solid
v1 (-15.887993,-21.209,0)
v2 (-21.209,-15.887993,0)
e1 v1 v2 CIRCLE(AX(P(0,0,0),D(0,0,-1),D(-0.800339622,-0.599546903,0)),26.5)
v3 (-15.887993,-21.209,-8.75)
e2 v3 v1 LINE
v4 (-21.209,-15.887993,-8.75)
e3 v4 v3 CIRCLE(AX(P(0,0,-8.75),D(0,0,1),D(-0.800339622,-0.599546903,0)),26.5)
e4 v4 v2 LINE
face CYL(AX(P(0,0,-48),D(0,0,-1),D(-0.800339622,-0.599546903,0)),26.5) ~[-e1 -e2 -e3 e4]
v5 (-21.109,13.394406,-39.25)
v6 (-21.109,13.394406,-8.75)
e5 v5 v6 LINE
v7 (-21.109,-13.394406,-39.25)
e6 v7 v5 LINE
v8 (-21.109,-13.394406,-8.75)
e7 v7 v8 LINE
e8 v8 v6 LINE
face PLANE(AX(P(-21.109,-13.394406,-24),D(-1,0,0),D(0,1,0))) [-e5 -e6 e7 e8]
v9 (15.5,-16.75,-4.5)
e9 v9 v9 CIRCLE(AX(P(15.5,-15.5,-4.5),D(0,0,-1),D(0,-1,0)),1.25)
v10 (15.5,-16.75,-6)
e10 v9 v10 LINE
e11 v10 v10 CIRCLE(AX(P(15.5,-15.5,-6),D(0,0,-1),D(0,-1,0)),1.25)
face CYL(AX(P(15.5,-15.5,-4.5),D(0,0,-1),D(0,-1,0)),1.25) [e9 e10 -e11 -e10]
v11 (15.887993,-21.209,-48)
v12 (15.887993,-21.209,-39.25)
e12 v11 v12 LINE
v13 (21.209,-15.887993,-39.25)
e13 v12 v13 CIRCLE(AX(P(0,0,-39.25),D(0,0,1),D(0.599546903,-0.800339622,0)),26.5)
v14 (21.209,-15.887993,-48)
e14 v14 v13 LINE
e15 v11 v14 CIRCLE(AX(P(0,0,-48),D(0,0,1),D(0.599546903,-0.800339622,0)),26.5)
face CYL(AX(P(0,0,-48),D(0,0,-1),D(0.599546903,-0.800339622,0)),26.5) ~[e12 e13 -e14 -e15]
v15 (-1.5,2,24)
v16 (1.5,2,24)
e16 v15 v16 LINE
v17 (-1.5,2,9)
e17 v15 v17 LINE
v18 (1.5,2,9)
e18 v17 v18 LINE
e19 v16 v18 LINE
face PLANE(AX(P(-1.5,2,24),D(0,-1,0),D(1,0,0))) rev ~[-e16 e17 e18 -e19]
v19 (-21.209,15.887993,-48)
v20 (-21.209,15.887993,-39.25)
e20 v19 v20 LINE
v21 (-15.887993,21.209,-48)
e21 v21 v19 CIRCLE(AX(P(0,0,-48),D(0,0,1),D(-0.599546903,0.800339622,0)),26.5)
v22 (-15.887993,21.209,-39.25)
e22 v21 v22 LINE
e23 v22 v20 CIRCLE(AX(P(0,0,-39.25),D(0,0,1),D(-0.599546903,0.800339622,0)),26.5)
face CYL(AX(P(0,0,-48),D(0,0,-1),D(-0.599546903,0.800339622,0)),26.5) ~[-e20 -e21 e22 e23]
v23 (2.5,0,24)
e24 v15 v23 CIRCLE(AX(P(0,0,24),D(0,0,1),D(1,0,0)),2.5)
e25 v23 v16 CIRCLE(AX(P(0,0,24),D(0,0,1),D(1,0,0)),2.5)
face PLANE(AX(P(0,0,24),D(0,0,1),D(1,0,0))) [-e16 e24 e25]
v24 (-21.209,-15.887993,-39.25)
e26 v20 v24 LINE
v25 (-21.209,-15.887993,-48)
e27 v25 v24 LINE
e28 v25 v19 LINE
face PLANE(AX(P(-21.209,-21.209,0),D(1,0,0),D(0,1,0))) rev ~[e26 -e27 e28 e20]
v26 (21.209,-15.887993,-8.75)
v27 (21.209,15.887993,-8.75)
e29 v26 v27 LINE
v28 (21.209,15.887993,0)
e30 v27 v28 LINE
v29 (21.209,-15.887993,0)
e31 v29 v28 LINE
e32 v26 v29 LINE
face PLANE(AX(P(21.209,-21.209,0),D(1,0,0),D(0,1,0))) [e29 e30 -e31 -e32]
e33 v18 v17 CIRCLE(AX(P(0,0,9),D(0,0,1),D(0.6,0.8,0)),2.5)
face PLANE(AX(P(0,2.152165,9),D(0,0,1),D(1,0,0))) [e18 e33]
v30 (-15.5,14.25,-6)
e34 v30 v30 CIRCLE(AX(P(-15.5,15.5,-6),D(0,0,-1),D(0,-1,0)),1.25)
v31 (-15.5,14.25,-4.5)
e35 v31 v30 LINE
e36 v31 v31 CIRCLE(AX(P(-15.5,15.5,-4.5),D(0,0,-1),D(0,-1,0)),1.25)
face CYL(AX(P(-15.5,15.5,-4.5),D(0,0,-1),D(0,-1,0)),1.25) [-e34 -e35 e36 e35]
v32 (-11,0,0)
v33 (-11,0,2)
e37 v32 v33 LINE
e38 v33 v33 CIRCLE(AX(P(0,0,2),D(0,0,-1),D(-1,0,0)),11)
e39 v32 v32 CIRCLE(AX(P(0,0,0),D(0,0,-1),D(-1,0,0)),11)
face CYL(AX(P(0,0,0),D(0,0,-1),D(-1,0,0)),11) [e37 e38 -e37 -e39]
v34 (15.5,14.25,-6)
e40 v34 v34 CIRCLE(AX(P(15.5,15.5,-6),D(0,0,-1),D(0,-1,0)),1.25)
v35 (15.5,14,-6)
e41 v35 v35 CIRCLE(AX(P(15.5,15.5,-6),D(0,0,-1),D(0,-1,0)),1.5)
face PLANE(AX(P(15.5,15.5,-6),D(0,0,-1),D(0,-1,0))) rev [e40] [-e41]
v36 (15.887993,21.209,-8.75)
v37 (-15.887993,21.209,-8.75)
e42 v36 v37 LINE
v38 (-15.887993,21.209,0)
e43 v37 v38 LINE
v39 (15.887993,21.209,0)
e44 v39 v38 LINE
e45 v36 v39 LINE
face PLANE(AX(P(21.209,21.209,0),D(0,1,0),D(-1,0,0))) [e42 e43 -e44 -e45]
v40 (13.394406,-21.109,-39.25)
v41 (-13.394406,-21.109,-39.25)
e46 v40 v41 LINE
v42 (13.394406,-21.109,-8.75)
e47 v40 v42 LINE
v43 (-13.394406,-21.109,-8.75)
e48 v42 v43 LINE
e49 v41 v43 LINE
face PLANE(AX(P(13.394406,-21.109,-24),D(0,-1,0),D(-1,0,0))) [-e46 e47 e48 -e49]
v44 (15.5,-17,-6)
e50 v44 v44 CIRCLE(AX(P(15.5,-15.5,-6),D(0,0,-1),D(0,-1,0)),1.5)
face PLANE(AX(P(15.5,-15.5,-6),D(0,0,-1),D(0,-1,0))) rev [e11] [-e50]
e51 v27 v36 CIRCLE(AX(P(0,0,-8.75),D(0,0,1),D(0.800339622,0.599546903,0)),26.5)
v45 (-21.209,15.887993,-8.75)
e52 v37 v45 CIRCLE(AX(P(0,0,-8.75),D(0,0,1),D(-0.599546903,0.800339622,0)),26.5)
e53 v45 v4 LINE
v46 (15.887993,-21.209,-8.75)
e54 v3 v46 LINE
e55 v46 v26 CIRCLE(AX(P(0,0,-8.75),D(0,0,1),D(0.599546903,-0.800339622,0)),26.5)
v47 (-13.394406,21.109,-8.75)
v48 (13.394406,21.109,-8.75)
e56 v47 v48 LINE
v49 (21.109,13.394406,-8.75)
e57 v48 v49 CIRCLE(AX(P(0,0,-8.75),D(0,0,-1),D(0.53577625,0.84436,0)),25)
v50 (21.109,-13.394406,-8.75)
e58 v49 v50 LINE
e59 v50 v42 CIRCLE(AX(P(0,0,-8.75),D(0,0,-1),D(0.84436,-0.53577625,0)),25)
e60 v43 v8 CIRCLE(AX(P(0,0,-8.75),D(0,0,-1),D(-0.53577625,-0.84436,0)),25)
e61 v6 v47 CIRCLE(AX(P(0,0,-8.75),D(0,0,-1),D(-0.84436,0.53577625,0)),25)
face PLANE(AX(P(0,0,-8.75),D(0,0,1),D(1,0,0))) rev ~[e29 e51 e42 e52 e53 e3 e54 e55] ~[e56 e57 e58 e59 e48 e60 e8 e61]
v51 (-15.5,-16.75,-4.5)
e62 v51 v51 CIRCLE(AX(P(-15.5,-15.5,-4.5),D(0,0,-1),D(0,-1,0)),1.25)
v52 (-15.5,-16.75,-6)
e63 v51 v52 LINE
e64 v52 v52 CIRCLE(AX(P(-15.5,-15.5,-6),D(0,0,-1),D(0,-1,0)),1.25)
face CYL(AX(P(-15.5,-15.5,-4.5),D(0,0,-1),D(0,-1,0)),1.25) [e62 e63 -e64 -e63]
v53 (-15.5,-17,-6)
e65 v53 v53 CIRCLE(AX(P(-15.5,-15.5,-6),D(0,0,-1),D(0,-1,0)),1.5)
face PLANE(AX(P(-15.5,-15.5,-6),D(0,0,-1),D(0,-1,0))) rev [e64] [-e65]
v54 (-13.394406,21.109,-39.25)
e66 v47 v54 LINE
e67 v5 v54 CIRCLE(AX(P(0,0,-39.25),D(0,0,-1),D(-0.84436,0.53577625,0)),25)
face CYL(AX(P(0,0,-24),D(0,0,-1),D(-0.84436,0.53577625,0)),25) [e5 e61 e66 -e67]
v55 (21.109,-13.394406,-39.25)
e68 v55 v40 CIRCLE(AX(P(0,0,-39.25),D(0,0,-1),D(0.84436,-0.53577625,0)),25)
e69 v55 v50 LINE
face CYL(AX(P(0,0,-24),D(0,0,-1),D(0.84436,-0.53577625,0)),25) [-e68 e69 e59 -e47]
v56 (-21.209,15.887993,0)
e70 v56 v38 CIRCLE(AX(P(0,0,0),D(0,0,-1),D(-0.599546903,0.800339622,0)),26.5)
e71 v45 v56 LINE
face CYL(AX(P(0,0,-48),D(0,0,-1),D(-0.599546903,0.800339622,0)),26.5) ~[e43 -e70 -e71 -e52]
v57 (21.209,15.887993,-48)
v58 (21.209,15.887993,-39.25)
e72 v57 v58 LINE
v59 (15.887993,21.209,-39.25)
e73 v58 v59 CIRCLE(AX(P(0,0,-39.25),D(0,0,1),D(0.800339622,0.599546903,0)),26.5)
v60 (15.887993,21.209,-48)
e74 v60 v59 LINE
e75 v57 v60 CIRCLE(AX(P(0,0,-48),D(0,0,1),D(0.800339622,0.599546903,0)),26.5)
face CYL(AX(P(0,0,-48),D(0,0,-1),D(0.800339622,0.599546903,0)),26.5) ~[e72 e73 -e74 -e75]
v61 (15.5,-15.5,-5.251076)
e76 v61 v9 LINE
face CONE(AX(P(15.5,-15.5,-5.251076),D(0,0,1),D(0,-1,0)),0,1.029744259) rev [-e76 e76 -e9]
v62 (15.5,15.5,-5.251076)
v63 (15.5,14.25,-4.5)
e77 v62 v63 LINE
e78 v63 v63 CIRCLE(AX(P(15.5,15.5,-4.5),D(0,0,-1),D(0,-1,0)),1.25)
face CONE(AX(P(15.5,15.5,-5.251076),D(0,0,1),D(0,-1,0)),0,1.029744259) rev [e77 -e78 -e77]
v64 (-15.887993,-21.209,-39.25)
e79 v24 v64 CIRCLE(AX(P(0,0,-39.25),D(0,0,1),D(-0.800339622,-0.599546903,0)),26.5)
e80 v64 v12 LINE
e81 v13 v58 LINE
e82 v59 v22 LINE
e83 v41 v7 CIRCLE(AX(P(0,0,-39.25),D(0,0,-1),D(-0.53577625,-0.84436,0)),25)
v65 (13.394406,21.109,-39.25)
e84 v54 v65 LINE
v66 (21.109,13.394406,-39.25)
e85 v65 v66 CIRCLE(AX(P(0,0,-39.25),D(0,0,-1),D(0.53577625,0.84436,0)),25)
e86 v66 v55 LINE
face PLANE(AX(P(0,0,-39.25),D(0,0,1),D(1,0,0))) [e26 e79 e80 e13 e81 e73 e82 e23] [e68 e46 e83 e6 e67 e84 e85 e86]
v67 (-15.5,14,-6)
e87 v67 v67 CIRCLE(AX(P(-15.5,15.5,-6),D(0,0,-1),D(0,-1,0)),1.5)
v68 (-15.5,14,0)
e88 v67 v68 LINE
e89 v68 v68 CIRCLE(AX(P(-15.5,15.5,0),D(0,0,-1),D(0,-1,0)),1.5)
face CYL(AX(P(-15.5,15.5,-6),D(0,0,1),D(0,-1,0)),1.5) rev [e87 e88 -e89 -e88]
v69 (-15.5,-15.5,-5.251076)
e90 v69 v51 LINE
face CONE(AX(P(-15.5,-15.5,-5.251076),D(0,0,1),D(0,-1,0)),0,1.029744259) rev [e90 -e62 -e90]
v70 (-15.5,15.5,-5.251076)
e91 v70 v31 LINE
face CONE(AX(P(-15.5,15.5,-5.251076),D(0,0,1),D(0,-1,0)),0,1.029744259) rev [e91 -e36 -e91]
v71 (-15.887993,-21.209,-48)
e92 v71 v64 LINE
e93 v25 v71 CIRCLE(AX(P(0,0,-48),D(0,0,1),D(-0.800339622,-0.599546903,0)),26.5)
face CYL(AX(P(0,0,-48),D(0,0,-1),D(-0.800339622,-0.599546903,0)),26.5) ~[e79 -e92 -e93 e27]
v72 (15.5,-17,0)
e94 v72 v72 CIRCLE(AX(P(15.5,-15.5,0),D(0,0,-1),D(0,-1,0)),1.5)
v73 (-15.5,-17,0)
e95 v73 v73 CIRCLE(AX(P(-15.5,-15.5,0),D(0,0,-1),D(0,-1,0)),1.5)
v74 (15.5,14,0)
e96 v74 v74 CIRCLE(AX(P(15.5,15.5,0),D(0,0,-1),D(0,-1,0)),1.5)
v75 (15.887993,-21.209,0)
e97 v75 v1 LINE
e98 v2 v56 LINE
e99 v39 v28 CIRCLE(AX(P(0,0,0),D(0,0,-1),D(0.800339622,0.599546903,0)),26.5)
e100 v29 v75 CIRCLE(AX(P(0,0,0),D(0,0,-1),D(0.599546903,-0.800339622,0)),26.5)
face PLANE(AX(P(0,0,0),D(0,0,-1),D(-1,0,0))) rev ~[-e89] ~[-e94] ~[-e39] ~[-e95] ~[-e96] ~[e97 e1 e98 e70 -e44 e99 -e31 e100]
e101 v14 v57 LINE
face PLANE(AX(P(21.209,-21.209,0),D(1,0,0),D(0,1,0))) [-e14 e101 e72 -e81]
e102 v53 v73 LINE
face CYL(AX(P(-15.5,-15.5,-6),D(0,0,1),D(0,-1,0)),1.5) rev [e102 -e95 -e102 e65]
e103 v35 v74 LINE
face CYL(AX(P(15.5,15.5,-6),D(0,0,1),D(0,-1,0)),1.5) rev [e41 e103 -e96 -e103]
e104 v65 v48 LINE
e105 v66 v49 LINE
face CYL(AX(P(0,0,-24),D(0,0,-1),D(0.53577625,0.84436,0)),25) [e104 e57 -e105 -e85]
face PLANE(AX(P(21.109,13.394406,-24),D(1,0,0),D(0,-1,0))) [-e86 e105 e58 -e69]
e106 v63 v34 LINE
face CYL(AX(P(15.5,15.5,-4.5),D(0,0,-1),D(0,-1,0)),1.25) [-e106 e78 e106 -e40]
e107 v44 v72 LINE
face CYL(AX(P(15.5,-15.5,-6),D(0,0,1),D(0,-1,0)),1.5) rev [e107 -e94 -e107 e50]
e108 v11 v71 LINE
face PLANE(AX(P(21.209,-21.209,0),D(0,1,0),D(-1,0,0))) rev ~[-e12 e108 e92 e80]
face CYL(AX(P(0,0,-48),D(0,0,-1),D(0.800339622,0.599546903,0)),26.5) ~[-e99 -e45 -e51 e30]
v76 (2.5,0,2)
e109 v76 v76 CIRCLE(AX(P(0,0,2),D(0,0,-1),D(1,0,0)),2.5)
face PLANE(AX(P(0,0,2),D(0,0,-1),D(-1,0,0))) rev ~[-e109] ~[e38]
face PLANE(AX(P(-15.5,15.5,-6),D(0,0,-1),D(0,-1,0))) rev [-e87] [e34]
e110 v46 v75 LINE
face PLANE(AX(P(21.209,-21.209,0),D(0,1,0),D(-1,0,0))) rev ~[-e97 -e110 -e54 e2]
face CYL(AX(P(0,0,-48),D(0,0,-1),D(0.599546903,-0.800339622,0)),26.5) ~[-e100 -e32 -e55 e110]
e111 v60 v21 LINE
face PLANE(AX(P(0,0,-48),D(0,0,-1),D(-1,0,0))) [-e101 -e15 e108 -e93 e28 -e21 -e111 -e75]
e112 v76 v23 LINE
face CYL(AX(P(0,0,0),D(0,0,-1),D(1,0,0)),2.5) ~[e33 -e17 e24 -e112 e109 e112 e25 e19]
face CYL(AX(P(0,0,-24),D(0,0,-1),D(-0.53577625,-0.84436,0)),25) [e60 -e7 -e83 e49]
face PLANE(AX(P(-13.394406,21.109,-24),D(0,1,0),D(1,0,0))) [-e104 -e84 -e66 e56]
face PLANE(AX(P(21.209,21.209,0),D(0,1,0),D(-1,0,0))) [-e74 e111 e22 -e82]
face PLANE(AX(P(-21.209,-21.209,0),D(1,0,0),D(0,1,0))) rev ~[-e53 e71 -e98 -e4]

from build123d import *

# Parameters (mm, degrees)
SKETCH1_R                      = 2.5
BOSS_EXTRUDE1_DEPTH            = 24
SKETCH2_R                      = 11
BOSS_EXTRUDE2_DEPTH            = 2
SKETCH3_W                      = 42.418
SKETCH3_H                      = 42.418
BOSS_EXTRUDE3_DEPTH            = 48
CUT_EXTRUDE1_DEPTH             = 73
M3X0_5_TAPPED_HOLE1_AT_2_COUNT = 2
M3X0_5_TAPPED_HOLE1_AT_2_PITCH = 31
M3X0_5_TAPPED_HOLE1_AT_3_COUNT = 2
M3X0_5_TAPPED_HOLE1_AT_3_PITCH = 43.840620434
M3X0_5_TAPPED_HOLE1_AT_4_COUNT = 2
M3X0_5_TAPPED_HOLE1_AT_4_PITCH = 31
CUT_EXTRUDE2_DEPTH             = 15
CUT_EXTRUDE3_DEPTH             = 15.25
CUT_EXTRUDE3_DEPTH_BACK        = 15.25


with BuildPart() as part:
    # Sketch1 → Boss-Extrude1 (new body)
    with BuildSketch(Plane.XY):
        Circle(SKETCH1_R)
    extrude(amount=BOSS_EXTRUDE1_DEPTH)

    # Sketch2 → Boss-Extrude2 (add)
    with BuildSketch(Plane(origin=(0, 0, 0), x_dir=(-1, 0, 0), z_dir=(0, 0, -1))):
        Circle(SKETCH2_R)
    extrude(amount=-BOSS_EXTRUDE2_DEPTH)

    # Sketch3 → Boss-Extrude3 (add)
    with BuildSketch(Plane(origin=(0, 0, 0), x_dir=(-1, 0, 0), z_dir=(0, 0, -1))):
        Rectangle(SKETCH3_W, SKETCH3_H)
    extrude(amount=BOSS_EXTRUDE3_DEPTH)

    # Sketch4 → Cut-Extrude1 (cut, through all)
    with BuildSketch(Plane(origin=(0, 0, -48), x_dir=(-1, 0, 0), z_dir=(0, 0, -1))):
        with BuildLine():
            Line((-21.209, -15.887992919), (-21.209, -21.209))
            Line((-21.209, -21.209), (-15.887992919, -21.209))
            ThreePointArc((-15.887992919, -21.209), (-18.738329701, -18.738329701), (-21.209, -15.887992919))
        make_face()
        with BuildLine():
            Line((15.887992919, -21.209), (21.209, -21.209))
            Line((21.209, -21.209), (21.209, -15.887992919))
            ThreePointArc((21.209, -15.887992919), (18.738329701, -18.738329701), (15.887992919, -21.209))
        make_face()
        with BuildLine():
            Line((21.209, 15.887992919), (21.209, 21.209))
            Line((21.209, 21.209), (15.887992919, 21.209))
            ThreePointArc((15.887992919, 21.209), (18.738329701, 18.738329701), (21.209, 15.887992919))
        make_face()
        with BuildLine():
            Line((-15.887992919, 21.209), (-21.209, 21.209))
            Line((-21.209, 21.209), (-21.209, 15.887992919))
            ThreePointArc((-21.209, 15.887992919), (-18.738329701, 18.738329701), (-15.887992919, 21.209))
        make_face()
    extrude(amount=-CUT_EXTRUDE1_DEPTH, mode=Mode.SUBTRACT)

    # Sketch5 → M3x0.5 Tapped Hole1 (revolve, cut)
    with BuildSketch(Plane(origin=(-15.5, 15.5, 0), x_dir=(0, -1, 0), z_dir=(1, 0, 0))):
        Polygon((0, 0), (0, 5.251075774), (1.25, 4.5), (1.25, 6), (1.5, 6), (1.5, 0), align=None)
    m3x0_5_tapped_hole1 = revolve(axis=Axis((-15.5, 15.5, 6.35), (0, 0, -1)), mode=Mode.SUBTRACT)

    # M3x0.5 Tapped Hole1 at 2: M3x0.5 Tapped Hole1 ×2
    with Locations(*[(0, -i * M3X0_5_TAPPED_HOLE1_AT_2_PITCH, 0) for i in range(1, M3X0_5_TAPPED_HOLE1_AT_2_COUNT)]):
        add(m3x0_5_tapped_hole1, mode=Mode.SUBTRACT)

    # M3x0.5 Tapped Hole1 at 3: M3x0.5 Tapped Hole1 ×2
    with Locations(*[Vector(0.707106781, -0.707106781, 0) * (i * M3X0_5_TAPPED_HOLE1_AT_3_PITCH) for i in range(1, M3X0_5_TAPPED_HOLE1_AT_3_COUNT)]):
        add(m3x0_5_tapped_hole1, mode=Mode.SUBTRACT)

    # M3x0.5 Tapped Hole1 at 4: M3x0.5 Tapped Hole1 ×2
    with Locations(*[(i * M3X0_5_TAPPED_HOLE1_AT_4_PITCH, 0, 0) for i in range(1, M3X0_5_TAPPED_HOLE1_AT_4_COUNT)]):
        add(m3x0_5_tapped_hole1, mode=Mode.SUBTRACT)

    # Sketch7 → Cut-Extrude2 (cut)
    with BuildSketch(Plane.XY.offset(24)):
        with BuildLine():
            Line((-1.5, 2), (1.5, 2))
            ThreePointArc((1.5, 2), (0, 2.5), (-1.5, 2))
        make_face()
    extrude(amount=-CUT_EXTRUDE2_DEPTH, mode=Mode.SUBTRACT)

    # Sketch8 → Cut-Extrude3 (cut, two sides)
    with BuildSketch(Plane.XY.offset(-24)) as cut_extrude3_sk:
        with BuildLine():
            Line((15.887992919, 21.209), (-15.887992919, 21.209))
            ThreePointArc((-15.887992919, 21.209), (-18.738329701, 18.738329701), (-21.209, 15.887992919))
            Line((-21.209, 15.887992919), (-21.209, -15.887992919))
            ThreePointArc((-21.209, -15.887992919), (-18.738329701, -18.738329701), (-15.887992919, -21.209))
            Line((-15.887992919, -21.209), (15.887992919, -21.209))
            ThreePointArc((15.887992919, -21.209), (18.738329701, -18.738329701), (21.209, -15.887992919))
            Line((21.209, -15.887992919), (21.209, 15.887992919))
            ThreePointArc((21.209, 15.887992919), (18.738329701, 18.738329701), (15.887992919, 21.209))
        make_face()
        with BuildLine():
            Line((-13.394406258, 21.109), (13.394406258, 21.109))
            ThreePointArc((13.394406258, 21.109), (17.67766953, 17.67766953), (21.109, 13.394406258))
            Line((21.109, 13.394406258), (21.109, -13.394406258))
            ThreePointArc((21.109, -13.394406258), (17.67766953, -17.67766953), (13.394406258, -21.109))
            Line((13.394406258, -21.109), (-13.394406258, -21.109))
            ThreePointArc((-13.394406258, -21.109), (-17.67766953, -17.67766953), (-21.109, -13.394406258))
            Line((-21.109, -13.394406258), (-21.109, 13.394406258))
            ThreePointArc((-21.109, 13.394406258), (-17.67766953, 17.67766953), (-13.394406258, 21.109))
        make_face(mode=Mode.SUBTRACT)
    extrude(amount=CUT_EXTRUDE3_DEPTH, mode=Mode.SUBTRACT)
    extrude(cut_extrude3_sk.sketch, amount=-CUT_EXTRUDE3_DEPTH_BACK, mode=Mode.SUBTRACT)


solid = part.part
